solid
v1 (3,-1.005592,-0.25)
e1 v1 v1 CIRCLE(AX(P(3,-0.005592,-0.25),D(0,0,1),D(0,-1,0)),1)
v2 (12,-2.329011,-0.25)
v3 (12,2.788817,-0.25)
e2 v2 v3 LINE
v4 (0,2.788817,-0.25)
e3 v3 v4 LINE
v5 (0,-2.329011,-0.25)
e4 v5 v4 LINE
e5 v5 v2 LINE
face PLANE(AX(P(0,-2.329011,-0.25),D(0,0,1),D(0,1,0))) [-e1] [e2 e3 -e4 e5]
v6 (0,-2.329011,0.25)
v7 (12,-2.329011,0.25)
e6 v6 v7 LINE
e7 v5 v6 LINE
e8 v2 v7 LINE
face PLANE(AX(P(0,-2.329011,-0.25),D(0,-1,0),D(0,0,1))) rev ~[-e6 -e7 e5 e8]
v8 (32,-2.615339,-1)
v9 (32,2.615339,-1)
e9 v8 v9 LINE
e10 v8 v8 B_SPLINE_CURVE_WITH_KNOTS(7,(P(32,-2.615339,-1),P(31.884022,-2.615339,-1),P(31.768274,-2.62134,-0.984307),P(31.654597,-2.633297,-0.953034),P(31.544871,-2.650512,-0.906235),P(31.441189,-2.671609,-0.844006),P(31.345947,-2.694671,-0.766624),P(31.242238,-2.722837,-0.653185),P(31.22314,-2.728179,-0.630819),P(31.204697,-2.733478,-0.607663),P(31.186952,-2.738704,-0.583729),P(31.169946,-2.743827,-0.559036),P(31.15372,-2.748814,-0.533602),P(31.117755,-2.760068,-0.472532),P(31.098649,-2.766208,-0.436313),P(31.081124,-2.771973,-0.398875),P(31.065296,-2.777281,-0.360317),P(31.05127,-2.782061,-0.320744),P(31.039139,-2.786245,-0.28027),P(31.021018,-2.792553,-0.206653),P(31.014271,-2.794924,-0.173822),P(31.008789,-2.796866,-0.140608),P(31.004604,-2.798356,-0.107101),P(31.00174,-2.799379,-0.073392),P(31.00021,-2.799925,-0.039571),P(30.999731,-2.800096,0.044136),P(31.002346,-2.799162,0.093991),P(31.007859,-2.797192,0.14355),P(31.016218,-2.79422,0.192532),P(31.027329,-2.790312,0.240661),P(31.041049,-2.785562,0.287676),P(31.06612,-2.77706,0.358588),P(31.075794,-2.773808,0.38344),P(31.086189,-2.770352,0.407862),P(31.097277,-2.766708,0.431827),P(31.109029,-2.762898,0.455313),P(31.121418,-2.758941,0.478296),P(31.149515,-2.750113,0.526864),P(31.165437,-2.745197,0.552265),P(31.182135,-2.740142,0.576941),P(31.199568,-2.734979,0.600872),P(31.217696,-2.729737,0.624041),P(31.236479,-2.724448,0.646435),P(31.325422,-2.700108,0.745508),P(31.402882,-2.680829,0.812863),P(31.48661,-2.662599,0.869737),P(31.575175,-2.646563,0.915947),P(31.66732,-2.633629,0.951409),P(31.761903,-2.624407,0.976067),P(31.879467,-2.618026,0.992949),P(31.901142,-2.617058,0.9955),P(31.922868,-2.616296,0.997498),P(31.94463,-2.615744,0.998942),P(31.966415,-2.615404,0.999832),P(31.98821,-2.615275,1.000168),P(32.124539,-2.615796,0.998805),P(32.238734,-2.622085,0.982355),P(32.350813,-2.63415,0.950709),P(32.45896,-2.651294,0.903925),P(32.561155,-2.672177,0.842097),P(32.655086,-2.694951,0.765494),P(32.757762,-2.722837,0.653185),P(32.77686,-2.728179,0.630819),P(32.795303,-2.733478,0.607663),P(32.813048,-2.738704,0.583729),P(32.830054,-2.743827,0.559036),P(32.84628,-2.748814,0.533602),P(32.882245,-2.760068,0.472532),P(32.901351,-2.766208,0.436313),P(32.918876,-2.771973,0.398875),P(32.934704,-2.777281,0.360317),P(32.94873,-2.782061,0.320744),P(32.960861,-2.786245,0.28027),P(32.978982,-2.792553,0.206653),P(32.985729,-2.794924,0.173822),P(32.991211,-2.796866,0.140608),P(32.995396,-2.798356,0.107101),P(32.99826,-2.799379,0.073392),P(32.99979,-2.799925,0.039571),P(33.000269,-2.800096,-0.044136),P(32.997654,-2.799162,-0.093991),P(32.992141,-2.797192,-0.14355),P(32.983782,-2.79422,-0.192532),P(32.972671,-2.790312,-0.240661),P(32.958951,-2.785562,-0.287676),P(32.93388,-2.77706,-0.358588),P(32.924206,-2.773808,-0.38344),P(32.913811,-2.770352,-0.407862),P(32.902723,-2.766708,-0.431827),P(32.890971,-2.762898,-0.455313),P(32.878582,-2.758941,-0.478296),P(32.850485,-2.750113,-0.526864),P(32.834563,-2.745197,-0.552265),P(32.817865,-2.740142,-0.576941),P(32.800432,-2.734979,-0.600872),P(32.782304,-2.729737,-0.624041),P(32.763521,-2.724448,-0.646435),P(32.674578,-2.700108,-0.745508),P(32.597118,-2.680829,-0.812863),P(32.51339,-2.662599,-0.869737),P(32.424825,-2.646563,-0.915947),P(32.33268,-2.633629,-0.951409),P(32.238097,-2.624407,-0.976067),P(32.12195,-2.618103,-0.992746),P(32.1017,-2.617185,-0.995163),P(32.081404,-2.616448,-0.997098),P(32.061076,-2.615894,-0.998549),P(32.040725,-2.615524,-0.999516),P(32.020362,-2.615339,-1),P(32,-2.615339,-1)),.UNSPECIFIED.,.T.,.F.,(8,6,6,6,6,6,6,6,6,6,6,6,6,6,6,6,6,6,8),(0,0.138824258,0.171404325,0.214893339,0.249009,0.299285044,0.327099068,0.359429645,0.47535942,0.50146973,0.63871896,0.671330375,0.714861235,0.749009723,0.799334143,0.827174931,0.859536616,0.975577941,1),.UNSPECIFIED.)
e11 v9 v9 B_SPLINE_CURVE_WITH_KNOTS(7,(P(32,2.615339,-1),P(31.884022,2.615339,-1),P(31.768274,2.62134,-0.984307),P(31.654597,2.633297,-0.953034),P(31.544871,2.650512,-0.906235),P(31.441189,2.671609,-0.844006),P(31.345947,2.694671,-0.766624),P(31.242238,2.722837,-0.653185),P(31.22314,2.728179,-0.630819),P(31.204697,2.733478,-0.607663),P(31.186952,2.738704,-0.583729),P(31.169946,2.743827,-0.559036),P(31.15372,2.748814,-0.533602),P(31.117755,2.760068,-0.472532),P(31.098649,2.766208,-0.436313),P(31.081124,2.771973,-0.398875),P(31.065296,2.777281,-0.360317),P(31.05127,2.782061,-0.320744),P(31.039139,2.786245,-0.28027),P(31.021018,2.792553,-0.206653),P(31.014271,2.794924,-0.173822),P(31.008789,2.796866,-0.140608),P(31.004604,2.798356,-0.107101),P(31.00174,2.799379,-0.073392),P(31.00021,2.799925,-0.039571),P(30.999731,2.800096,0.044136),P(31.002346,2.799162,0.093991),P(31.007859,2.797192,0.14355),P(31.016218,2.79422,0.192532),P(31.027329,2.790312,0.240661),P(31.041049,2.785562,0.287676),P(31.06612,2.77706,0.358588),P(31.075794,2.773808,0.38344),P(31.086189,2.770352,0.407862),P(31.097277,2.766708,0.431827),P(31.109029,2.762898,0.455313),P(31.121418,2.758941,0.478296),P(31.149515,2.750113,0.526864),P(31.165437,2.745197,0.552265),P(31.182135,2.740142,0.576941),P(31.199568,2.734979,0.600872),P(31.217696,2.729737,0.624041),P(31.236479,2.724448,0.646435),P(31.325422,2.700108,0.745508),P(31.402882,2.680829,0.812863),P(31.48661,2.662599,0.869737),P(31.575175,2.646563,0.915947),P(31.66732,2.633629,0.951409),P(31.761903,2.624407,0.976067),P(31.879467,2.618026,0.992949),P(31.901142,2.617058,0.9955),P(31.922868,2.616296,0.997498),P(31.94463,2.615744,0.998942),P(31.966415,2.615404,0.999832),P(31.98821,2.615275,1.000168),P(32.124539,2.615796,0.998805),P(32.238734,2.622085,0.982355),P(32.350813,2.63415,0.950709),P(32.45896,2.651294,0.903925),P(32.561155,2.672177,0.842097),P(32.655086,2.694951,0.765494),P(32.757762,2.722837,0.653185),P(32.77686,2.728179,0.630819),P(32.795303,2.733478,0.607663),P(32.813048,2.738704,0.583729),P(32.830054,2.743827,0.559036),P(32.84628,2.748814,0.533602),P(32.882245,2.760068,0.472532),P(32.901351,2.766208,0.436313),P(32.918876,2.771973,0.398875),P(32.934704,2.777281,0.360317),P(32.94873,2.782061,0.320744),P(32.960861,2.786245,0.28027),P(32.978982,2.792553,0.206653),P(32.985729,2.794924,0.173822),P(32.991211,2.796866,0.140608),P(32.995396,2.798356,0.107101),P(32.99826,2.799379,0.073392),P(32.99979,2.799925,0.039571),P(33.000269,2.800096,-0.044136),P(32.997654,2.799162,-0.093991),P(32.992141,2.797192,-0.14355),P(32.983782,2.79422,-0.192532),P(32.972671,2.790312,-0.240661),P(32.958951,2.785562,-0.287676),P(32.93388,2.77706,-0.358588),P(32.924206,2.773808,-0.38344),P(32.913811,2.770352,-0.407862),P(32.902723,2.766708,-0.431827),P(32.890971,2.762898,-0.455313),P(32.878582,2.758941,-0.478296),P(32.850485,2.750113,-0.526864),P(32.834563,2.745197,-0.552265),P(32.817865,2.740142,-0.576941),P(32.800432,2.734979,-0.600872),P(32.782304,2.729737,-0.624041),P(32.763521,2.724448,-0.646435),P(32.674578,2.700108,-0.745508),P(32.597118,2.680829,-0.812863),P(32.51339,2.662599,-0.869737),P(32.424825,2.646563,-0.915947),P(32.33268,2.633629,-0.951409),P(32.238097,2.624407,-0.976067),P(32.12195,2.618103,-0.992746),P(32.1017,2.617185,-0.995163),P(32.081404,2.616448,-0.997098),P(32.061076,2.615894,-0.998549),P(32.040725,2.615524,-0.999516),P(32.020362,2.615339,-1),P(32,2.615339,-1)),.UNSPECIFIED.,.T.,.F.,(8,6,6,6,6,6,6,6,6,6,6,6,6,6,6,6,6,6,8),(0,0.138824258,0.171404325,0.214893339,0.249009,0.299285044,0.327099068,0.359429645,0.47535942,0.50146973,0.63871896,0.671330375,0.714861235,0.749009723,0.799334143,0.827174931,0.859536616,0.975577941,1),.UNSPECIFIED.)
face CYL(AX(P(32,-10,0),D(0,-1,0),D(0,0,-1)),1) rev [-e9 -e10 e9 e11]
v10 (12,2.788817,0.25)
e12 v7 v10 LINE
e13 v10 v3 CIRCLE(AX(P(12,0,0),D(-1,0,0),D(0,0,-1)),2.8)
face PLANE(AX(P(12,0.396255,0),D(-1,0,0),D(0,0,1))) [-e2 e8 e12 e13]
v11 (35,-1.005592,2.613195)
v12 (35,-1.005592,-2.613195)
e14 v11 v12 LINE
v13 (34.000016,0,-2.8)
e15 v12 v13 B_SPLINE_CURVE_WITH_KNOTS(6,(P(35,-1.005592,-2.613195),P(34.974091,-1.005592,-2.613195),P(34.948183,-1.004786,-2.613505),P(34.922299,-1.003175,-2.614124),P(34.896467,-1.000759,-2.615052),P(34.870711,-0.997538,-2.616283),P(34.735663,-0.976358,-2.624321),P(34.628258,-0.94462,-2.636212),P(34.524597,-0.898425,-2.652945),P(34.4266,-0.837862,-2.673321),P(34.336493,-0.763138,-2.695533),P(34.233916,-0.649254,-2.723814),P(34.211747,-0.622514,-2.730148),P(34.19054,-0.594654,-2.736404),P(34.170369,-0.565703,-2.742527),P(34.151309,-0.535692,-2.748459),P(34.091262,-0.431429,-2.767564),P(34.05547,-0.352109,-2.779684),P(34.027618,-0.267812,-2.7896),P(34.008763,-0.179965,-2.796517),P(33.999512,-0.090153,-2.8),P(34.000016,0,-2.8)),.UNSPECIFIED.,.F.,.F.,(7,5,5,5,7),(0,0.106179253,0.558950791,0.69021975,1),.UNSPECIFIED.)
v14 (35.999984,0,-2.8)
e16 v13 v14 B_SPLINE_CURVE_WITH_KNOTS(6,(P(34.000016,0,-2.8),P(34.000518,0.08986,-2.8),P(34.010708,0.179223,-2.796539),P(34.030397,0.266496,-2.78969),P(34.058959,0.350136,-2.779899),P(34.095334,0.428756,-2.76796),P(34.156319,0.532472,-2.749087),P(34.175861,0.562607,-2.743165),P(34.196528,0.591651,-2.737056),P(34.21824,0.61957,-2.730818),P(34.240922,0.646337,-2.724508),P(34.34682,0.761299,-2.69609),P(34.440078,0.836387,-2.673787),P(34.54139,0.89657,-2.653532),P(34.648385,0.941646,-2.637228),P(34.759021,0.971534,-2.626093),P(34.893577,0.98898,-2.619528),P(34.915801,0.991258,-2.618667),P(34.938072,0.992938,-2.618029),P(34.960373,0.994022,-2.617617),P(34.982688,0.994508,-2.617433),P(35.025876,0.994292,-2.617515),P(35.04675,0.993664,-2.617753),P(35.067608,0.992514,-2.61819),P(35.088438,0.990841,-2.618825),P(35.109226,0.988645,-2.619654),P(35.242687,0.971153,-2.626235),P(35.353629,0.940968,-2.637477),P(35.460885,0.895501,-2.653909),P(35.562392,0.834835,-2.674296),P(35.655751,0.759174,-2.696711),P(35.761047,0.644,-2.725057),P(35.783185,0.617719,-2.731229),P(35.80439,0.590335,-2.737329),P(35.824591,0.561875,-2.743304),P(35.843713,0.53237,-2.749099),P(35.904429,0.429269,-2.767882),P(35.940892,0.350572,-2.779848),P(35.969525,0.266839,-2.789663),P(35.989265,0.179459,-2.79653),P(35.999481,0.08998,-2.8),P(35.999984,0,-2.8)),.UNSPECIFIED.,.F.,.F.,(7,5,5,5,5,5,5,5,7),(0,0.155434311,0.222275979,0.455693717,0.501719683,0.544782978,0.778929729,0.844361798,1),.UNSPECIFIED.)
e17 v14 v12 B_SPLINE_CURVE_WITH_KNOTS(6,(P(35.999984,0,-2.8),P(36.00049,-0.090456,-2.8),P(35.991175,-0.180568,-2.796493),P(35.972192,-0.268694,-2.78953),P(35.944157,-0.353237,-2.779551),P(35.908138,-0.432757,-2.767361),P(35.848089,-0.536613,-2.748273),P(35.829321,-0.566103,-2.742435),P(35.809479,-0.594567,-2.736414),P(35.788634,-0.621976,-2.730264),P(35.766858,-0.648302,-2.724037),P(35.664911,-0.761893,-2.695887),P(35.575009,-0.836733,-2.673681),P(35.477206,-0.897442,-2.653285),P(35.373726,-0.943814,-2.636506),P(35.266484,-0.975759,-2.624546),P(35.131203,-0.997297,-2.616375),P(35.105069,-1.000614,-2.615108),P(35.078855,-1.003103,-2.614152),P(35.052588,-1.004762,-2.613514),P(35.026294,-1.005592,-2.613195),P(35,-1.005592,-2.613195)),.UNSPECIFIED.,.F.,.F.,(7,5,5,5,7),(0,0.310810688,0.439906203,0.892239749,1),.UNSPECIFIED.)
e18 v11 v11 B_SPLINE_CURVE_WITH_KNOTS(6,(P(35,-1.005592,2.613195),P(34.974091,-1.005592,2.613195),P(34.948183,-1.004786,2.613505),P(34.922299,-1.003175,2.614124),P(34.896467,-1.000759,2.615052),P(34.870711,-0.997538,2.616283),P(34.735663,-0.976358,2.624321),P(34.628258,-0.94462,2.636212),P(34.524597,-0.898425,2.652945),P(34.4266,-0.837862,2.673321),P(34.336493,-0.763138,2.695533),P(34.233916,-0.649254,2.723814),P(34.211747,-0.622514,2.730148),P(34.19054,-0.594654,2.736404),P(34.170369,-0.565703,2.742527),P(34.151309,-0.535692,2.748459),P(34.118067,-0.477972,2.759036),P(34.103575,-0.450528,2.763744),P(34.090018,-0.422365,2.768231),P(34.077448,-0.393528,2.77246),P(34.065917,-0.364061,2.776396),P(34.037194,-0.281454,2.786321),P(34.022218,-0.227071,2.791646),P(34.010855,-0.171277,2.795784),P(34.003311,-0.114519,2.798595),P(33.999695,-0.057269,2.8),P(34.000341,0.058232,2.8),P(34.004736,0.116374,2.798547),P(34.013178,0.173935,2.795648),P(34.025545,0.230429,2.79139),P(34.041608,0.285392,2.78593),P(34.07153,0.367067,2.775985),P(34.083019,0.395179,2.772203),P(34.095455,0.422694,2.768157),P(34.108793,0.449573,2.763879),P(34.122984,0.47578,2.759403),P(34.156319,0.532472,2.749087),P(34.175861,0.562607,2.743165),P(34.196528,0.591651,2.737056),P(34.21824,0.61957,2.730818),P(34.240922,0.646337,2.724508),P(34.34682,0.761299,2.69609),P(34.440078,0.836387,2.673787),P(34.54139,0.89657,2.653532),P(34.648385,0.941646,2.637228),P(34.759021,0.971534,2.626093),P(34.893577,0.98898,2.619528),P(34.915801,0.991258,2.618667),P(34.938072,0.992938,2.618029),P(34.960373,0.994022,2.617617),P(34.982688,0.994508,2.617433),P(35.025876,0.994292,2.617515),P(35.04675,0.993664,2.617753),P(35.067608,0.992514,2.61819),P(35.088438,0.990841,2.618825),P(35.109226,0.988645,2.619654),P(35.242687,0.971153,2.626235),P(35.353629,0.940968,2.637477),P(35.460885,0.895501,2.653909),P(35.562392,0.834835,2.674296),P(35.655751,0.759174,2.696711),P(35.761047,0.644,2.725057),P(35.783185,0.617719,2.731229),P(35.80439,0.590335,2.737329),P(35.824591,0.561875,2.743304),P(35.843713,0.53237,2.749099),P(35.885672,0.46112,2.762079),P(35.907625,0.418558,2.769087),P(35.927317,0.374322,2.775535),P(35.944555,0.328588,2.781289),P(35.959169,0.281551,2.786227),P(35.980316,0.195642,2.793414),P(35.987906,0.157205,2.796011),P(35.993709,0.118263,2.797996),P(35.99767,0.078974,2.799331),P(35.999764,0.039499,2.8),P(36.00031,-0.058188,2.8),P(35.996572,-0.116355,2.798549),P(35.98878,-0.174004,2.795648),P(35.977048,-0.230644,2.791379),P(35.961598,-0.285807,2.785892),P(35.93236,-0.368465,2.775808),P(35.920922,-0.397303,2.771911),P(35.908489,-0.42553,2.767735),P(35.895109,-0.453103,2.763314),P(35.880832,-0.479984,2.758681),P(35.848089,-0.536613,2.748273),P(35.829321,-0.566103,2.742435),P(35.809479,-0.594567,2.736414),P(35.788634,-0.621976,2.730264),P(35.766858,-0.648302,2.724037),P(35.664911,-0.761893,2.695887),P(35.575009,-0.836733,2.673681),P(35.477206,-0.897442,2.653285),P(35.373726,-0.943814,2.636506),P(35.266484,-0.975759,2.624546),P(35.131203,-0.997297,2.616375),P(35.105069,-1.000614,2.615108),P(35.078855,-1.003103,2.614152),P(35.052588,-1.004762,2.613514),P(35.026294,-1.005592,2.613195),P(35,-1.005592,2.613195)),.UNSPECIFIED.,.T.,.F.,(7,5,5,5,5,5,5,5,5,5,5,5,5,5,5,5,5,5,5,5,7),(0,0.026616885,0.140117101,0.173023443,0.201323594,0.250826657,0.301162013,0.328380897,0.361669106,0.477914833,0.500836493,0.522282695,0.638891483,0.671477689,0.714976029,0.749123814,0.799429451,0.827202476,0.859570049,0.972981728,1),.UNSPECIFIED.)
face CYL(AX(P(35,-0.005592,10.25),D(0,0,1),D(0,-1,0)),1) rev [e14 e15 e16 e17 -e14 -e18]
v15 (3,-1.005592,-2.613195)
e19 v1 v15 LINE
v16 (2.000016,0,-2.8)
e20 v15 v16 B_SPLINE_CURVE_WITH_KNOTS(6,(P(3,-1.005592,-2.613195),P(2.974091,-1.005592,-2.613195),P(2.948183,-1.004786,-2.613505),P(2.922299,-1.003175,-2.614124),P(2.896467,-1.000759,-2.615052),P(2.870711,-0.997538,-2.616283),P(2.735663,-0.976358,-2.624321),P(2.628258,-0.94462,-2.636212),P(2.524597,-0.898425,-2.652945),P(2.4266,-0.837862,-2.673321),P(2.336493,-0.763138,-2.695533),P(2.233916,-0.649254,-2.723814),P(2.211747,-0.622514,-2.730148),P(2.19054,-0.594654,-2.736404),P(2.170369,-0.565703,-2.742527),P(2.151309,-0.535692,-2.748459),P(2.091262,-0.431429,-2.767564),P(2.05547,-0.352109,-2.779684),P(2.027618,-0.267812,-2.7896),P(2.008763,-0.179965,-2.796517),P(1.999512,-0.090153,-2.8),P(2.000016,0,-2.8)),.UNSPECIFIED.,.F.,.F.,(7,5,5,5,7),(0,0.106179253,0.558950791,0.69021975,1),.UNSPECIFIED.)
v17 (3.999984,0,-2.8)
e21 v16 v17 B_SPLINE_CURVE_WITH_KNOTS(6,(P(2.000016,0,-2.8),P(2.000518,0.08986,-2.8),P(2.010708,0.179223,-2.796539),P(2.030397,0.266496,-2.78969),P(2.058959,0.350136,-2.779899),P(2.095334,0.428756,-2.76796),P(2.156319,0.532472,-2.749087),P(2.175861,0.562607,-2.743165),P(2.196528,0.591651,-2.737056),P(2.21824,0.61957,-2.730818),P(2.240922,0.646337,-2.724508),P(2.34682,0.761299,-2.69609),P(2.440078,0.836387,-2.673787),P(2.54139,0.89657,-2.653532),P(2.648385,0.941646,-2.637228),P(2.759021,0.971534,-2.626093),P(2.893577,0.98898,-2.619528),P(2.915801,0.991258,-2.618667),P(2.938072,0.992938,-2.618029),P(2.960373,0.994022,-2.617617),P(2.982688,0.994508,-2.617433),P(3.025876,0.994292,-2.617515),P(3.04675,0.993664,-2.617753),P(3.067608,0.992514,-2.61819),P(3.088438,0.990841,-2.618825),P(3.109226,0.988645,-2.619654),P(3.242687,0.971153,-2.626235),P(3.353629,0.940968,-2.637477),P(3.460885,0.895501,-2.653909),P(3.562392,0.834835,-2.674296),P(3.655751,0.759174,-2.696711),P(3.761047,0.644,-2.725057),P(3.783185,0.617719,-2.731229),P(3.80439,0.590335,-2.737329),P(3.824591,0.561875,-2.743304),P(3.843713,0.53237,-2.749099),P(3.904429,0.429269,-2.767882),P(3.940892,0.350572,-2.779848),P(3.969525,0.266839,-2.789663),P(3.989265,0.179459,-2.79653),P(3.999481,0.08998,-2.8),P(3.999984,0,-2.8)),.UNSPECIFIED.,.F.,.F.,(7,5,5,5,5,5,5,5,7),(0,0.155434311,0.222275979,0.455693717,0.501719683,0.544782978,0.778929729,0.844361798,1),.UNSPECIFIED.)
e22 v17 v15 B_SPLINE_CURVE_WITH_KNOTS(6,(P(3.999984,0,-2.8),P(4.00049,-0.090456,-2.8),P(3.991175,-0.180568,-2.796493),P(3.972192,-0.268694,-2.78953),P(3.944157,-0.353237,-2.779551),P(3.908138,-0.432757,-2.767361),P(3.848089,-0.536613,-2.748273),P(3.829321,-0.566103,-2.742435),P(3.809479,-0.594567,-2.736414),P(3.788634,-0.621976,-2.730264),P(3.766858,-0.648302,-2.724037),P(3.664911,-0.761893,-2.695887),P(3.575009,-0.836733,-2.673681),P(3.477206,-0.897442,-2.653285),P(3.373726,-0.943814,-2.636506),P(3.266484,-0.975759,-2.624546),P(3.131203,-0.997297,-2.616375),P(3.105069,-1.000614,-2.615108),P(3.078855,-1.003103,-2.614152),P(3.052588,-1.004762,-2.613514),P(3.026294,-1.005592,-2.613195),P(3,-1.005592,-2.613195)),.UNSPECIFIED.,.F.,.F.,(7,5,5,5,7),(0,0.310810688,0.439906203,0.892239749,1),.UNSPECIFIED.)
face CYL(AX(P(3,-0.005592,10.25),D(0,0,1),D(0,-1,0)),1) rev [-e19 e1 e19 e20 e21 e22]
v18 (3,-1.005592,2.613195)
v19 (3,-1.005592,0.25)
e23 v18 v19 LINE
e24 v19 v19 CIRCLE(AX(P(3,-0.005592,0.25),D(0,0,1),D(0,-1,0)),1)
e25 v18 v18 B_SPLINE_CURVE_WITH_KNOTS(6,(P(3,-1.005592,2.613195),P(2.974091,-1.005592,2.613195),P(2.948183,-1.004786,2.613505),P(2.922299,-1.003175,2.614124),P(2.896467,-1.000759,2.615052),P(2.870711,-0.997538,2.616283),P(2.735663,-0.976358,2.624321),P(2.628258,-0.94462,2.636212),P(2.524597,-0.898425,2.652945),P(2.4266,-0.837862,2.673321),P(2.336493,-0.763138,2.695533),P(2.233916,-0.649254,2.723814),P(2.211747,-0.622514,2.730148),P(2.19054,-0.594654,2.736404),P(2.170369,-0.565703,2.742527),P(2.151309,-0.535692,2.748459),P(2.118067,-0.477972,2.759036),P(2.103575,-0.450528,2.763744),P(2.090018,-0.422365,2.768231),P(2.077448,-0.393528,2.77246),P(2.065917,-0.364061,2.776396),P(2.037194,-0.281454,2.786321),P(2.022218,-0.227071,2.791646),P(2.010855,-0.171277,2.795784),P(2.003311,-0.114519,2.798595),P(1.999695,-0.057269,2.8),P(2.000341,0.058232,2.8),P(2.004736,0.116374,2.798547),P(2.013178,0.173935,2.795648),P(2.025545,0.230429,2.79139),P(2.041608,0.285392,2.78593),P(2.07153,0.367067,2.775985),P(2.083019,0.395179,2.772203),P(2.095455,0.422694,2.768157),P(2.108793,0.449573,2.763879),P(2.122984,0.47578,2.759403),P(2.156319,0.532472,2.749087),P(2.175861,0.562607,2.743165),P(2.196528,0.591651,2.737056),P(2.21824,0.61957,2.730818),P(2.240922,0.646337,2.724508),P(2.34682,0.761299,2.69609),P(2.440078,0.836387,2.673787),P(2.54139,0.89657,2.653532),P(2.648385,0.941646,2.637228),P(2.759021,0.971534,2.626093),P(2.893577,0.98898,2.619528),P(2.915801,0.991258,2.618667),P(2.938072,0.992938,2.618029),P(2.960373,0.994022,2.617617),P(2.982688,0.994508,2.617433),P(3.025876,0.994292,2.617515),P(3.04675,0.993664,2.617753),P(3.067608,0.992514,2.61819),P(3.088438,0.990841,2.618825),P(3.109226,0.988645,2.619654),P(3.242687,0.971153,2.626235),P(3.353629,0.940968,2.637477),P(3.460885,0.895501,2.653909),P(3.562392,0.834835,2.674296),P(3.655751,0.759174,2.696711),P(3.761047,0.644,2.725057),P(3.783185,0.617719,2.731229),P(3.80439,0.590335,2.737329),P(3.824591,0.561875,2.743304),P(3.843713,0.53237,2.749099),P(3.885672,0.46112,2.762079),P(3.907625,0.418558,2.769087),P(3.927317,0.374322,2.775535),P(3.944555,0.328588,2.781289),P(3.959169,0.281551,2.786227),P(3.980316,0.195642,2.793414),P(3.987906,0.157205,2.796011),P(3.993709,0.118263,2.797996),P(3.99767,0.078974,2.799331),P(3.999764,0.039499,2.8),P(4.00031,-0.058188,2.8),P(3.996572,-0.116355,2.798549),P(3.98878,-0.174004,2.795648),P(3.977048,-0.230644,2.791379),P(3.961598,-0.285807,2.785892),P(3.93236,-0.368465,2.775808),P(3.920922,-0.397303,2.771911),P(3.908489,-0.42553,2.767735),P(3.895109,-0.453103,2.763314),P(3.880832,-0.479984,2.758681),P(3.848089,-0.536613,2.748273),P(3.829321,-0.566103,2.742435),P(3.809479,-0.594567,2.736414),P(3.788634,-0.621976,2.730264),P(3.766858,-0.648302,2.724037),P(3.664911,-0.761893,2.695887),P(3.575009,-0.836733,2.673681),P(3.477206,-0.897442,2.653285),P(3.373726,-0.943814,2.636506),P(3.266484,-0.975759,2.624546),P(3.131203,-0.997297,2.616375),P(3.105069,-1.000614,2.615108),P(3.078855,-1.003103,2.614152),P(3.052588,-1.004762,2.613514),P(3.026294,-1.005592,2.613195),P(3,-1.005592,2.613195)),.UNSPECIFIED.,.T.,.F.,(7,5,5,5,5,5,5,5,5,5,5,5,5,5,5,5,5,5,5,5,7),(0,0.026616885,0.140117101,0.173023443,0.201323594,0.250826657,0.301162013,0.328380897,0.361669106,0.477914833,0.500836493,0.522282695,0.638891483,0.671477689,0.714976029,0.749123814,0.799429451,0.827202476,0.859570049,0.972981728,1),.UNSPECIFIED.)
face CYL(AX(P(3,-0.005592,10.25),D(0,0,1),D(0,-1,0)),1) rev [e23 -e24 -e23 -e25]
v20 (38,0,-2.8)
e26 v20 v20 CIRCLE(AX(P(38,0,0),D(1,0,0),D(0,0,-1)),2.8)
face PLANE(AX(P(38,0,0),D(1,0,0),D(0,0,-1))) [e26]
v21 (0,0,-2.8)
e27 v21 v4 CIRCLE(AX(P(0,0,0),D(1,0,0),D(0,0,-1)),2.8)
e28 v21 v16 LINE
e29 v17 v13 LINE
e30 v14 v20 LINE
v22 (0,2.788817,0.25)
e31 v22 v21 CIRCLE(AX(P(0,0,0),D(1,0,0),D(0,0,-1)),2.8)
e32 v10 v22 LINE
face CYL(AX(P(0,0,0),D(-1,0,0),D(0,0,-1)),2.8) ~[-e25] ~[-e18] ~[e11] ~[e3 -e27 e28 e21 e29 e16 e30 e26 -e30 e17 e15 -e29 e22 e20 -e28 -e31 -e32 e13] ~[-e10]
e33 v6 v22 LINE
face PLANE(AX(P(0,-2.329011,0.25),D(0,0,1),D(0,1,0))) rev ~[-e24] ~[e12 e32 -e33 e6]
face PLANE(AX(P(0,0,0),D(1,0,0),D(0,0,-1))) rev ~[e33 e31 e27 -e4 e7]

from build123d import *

# Parameters (mm, degrees)
SKETCH_1_R               = 2.8
EXTRUDE_1_DEPTH          = 38
SKETCH_2_W               = 0.5
SKETCH_2_H               = 5.450532248
CUT_EXTRUDE_1_DEPTH      = 12
CUT_EXTRUDE_2_DEPTH      = 10
CUT_EXTRUDE_2_DEPTH_BACK = 10
SKETCH_3_R               = 1
CUT_EXTRUDE_3_DEPTH      = 10
CUT_EXTRUDE_3_DEPTH_BACK = 10
SKETCH_7_R               = 1


with BuildPart() as part:
    # 草图1 → 凸台-拉伸1 (new body)
    with BuildSketch(Plane(origin=(0, 0, 0), x_dir=(0, 0, -1), z_dir=(1, 0, 0))):
        Circle(SKETCH_1_R)
    extrude(amount=EXTRUDE_1_DEPTH)

    # 草图2 → 切除-拉伸1 (cut)
    with BuildSketch(Plane.ZY):
        with Locations((0, 0.396255312)):
            Rectangle(SKETCH_2_W, SKETCH_2_H)
    extrude(amount=-CUT_EXTRUDE_1_DEPTH, mode=Mode.SUBTRACT)

    # 草图3 → 切除-拉伸2 (cut, two sides: drawn at the far end of the back side and taken through both)
    with BuildSketch(Plane(origin=(0, 0, 0.25), x_dir=(-1, 0, 0), z_dir=(0, 0, -1)).offset(-CUT_EXTRUDE_2_DEPTH_BACK)):
        with Locations((-3, -0.005591523)):
            Circle(SKETCH_3_R)
        with Locations((-35, -0.005591523)):
            Circle(SKETCH_3_R)
    extrude(amount=CUT_EXTRUDE_2_DEPTH + CUT_EXTRUDE_2_DEPTH_BACK, mode=Mode.SUBTRACT)

    # 草图7 → 切除-拉伸3 (cut, two sides: drawn at the far end of the back side and taken through both)
    with BuildSketch(Plane(origin=(0, 0, 0), x_dir=(1, 0, 0), z_dir=(0, 1, 0)).offset(-CUT_EXTRUDE_3_DEPTH_BACK)):
        with Locations((32, 0)):
            Circle(SKETCH_7_R)
    extrude(amount=CUT_EXTRUDE_3_DEPTH + CUT_EXTRUDE_3_DEPTH_BACK, mode=Mode.SUBTRACT)


solid = part.part
